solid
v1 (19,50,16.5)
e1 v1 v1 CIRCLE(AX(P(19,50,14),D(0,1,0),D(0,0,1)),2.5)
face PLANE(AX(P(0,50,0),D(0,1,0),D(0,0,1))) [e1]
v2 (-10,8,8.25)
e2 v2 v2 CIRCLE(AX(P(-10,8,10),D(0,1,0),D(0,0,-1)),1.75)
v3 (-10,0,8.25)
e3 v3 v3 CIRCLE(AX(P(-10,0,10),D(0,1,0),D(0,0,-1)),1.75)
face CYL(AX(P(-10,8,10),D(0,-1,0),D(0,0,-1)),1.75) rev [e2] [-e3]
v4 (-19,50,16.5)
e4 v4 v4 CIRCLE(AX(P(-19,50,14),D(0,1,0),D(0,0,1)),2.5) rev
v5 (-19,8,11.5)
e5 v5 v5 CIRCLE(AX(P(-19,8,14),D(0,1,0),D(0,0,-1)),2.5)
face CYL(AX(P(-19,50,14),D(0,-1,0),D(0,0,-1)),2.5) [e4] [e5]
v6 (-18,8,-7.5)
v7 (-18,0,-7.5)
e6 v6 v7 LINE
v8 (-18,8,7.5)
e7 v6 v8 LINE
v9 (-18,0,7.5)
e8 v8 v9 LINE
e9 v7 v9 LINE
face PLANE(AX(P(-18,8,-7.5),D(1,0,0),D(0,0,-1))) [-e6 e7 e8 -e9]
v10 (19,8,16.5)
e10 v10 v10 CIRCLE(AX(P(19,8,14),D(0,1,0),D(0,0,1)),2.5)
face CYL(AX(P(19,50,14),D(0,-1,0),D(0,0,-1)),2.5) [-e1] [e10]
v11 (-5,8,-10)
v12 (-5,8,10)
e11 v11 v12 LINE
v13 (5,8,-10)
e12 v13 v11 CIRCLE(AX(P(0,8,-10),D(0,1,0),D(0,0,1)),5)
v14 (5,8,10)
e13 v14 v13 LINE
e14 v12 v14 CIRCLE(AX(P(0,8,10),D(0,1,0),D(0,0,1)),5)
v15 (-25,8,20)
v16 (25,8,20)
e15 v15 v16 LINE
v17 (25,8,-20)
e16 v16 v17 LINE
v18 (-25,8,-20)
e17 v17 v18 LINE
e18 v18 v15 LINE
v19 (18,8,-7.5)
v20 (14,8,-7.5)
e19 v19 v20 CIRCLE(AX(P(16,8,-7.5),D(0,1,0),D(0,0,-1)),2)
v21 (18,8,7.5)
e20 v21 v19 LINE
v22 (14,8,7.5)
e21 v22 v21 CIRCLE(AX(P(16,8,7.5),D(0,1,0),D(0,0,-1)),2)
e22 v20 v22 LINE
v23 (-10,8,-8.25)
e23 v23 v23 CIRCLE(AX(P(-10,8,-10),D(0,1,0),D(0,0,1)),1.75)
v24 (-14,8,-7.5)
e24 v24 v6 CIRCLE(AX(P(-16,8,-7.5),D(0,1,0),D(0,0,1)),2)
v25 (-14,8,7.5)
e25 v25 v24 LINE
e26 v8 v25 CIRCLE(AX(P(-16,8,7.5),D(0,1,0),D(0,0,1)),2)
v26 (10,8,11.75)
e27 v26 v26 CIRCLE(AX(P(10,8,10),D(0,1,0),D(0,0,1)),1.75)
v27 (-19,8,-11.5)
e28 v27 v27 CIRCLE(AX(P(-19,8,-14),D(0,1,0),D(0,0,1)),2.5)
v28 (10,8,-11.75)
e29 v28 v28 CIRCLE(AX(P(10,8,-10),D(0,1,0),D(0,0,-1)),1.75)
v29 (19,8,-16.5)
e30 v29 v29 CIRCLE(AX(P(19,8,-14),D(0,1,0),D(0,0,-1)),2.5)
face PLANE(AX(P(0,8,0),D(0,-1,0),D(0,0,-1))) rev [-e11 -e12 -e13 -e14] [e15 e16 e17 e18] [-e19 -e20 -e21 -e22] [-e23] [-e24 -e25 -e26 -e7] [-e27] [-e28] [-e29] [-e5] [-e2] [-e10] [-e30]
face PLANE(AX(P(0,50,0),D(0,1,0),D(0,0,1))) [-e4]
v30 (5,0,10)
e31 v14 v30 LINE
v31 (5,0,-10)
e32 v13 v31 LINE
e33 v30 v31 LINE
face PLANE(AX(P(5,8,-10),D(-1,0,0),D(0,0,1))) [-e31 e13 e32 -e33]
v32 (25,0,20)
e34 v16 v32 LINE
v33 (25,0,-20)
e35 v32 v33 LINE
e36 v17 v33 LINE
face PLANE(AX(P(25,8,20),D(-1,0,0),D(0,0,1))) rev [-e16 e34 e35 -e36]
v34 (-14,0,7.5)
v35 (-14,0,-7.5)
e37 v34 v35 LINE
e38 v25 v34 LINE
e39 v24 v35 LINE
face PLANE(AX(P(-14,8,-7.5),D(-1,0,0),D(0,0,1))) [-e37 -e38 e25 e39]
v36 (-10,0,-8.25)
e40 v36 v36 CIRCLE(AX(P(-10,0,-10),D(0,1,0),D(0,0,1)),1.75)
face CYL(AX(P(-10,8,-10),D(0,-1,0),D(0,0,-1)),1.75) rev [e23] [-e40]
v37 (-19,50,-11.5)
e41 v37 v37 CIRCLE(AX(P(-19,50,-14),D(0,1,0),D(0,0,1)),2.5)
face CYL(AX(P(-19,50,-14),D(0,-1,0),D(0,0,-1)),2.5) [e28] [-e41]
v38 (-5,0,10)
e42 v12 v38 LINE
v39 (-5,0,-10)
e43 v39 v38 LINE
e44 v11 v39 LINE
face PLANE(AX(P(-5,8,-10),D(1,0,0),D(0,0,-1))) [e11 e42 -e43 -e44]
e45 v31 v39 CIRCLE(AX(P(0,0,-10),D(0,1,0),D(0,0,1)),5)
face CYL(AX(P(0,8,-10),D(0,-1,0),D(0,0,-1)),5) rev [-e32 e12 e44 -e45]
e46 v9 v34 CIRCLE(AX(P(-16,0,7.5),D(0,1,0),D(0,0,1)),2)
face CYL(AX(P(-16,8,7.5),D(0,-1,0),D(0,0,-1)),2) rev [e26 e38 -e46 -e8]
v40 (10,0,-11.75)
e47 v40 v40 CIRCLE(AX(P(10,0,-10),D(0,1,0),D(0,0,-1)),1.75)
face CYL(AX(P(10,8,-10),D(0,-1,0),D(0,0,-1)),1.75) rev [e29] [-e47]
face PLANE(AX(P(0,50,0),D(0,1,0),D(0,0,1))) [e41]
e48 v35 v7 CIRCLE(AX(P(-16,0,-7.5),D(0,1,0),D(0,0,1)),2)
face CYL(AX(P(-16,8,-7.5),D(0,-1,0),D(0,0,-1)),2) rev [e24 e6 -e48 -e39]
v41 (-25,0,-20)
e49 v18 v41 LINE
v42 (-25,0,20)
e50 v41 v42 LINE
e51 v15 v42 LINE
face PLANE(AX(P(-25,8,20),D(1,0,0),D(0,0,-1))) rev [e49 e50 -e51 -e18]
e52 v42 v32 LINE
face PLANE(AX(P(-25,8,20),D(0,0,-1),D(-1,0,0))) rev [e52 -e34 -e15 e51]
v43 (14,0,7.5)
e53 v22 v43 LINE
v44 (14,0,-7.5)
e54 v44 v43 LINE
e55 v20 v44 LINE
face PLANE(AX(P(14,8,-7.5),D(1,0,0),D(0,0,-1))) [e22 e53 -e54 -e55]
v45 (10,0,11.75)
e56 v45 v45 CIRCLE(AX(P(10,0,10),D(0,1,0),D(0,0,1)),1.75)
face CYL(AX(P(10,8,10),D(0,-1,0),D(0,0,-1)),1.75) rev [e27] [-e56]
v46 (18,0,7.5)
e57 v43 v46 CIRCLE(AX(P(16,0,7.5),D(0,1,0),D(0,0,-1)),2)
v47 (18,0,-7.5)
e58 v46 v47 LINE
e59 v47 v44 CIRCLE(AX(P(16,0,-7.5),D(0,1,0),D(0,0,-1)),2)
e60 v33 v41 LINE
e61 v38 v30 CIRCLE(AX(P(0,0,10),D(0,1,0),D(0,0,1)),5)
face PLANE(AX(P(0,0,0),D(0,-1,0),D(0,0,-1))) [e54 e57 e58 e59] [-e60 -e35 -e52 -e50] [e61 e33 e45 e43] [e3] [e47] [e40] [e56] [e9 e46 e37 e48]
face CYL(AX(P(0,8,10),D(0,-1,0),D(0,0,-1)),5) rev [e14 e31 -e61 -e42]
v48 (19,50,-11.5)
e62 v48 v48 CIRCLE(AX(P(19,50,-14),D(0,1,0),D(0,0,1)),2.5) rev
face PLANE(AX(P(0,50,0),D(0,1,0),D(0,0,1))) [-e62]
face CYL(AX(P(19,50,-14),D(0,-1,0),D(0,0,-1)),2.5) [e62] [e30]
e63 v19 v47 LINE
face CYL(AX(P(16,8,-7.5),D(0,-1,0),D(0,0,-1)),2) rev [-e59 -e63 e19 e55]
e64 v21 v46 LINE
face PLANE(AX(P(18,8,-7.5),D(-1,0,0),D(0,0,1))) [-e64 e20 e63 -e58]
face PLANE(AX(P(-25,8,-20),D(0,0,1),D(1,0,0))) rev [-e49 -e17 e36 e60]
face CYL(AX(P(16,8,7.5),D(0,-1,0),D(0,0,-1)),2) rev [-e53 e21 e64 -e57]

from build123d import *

# Parameters (mm, degrees)
SKETCH1_W            = 50
SKETCH1_H            = 40
SKETCH1_R            = 2.5
SKETCH1_R_2          = 1.75
MAIN_STRUCTURE_DEPTH = 8
SKETCH1_3_R          = 2.5
BOSS_EXTRUDE2_DEPTH  = 3
SKETCH1_4_R          = 2.5
SHAFTS_DEPTH         = 50


with BuildPart() as part:
    # Sketch1 → Main Structure (new body)
    with BuildSketch(Plane(origin=(0, 0, 0), x_dir=(1, 0, 0), z_dir=(0, 1, 0))):
        Rectangle(SKETCH1_W, SKETCH1_H)
        with Locations((-19, 14)):
            Circle(SKETCH1_R, mode=Mode.SUBTRACT)
        with Locations((-19, -14)):
            Circle(SKETCH1_R, mode=Mode.SUBTRACT)
        with Locations((19, 14)):
            Circle(SKETCH1_R, mode=Mode.SUBTRACT)
        with Locations((19, -14)):
            Circle(SKETCH1_R, mode=Mode.SUBTRACT)
        with Locations((-10, 10)):
            Circle(SKETCH1_R_2, mode=Mode.SUBTRACT)
        with Locations((-10, -10)):
            Circle(SKETCH1_R_2, mode=Mode.SUBTRACT)
        with Locations((10, -10)):
            Circle(SKETCH1_R_2, mode=Mode.SUBTRACT)
        with Locations((10, 10)):
            Circle(SKETCH1_R_2, mode=Mode.SUBTRACT)
        with BuildLine():
            Line((-14, 7.5), (-14, -7.5))
            ThreePointArc((-14, -7.5), (-16, -9.5), (-18, -7.5))
            Line((-18, -7.5), (-18, 7.5))
            ThreePointArc((-18, 7.5), (-16, 9.5), (-14, 7.5))
        make_face(mode=Mode.SUBTRACT)
        with BuildLine():
            Line((14, 7.5), (14, -7.5))
            ThreePointArc((14, -7.5), (16, -9.5), (18, -7.5))
            Line((18, -7.5), (18, 7.5))
            ThreePointArc((18, 7.5), (16, 9.5), (14, 7.5))
        make_face(mode=Mode.SUBTRACT)
        with BuildLine():
            Line((5, 10), (5, -10))
            ThreePointArc((5, -10), (0, -15), (-5, -10))
            Line((-5, -10), (-5, 10))
            ThreePointArc((-5, 10), (0, 15), (5, 10))
        make_face(mode=Mode.SUBTRACT)
    extrude(amount=MAIN_STRUCTURE_DEPTH)

    # Sketch1<3> → Boss-Extrude2 (add)
    with BuildSketch(Plane(origin=(0, 0, 0), x_dir=(1, 0, 0), z_dir=(0, 1, 0))):
        with Locations((-19, 14)):
            Circle(SKETCH1_3_R)
        with Locations((-19, -14)):
            Circle(SKETCH1_3_R)
        with Locations((19, 14)):
            Circle(SKETCH1_3_R)
        with Locations((19, -14)):
            Circle(SKETCH1_3_R)
    extrude(amount=BOSS_EXTRUDE2_DEPTH)

    # Sketch1<4> → Shafts (add)
    with BuildSketch(Plane(origin=(0, 0, 0), x_dir=(1, 0, 0), z_dir=(0, 1, 0))):
        with Locations((-19, 14)):
            Circle(SKETCH1_4_R)
        with Locations((-19, -14)):
            Circle(SKETCH1_4_R)
        with Locations((19, 14)):
            Circle(SKETCH1_4_R)
        with Locations((19, -14)):
            Circle(SKETCH1_4_R)
    extrude(amount=SHAFTS_DEPTH)


solid = part.part
